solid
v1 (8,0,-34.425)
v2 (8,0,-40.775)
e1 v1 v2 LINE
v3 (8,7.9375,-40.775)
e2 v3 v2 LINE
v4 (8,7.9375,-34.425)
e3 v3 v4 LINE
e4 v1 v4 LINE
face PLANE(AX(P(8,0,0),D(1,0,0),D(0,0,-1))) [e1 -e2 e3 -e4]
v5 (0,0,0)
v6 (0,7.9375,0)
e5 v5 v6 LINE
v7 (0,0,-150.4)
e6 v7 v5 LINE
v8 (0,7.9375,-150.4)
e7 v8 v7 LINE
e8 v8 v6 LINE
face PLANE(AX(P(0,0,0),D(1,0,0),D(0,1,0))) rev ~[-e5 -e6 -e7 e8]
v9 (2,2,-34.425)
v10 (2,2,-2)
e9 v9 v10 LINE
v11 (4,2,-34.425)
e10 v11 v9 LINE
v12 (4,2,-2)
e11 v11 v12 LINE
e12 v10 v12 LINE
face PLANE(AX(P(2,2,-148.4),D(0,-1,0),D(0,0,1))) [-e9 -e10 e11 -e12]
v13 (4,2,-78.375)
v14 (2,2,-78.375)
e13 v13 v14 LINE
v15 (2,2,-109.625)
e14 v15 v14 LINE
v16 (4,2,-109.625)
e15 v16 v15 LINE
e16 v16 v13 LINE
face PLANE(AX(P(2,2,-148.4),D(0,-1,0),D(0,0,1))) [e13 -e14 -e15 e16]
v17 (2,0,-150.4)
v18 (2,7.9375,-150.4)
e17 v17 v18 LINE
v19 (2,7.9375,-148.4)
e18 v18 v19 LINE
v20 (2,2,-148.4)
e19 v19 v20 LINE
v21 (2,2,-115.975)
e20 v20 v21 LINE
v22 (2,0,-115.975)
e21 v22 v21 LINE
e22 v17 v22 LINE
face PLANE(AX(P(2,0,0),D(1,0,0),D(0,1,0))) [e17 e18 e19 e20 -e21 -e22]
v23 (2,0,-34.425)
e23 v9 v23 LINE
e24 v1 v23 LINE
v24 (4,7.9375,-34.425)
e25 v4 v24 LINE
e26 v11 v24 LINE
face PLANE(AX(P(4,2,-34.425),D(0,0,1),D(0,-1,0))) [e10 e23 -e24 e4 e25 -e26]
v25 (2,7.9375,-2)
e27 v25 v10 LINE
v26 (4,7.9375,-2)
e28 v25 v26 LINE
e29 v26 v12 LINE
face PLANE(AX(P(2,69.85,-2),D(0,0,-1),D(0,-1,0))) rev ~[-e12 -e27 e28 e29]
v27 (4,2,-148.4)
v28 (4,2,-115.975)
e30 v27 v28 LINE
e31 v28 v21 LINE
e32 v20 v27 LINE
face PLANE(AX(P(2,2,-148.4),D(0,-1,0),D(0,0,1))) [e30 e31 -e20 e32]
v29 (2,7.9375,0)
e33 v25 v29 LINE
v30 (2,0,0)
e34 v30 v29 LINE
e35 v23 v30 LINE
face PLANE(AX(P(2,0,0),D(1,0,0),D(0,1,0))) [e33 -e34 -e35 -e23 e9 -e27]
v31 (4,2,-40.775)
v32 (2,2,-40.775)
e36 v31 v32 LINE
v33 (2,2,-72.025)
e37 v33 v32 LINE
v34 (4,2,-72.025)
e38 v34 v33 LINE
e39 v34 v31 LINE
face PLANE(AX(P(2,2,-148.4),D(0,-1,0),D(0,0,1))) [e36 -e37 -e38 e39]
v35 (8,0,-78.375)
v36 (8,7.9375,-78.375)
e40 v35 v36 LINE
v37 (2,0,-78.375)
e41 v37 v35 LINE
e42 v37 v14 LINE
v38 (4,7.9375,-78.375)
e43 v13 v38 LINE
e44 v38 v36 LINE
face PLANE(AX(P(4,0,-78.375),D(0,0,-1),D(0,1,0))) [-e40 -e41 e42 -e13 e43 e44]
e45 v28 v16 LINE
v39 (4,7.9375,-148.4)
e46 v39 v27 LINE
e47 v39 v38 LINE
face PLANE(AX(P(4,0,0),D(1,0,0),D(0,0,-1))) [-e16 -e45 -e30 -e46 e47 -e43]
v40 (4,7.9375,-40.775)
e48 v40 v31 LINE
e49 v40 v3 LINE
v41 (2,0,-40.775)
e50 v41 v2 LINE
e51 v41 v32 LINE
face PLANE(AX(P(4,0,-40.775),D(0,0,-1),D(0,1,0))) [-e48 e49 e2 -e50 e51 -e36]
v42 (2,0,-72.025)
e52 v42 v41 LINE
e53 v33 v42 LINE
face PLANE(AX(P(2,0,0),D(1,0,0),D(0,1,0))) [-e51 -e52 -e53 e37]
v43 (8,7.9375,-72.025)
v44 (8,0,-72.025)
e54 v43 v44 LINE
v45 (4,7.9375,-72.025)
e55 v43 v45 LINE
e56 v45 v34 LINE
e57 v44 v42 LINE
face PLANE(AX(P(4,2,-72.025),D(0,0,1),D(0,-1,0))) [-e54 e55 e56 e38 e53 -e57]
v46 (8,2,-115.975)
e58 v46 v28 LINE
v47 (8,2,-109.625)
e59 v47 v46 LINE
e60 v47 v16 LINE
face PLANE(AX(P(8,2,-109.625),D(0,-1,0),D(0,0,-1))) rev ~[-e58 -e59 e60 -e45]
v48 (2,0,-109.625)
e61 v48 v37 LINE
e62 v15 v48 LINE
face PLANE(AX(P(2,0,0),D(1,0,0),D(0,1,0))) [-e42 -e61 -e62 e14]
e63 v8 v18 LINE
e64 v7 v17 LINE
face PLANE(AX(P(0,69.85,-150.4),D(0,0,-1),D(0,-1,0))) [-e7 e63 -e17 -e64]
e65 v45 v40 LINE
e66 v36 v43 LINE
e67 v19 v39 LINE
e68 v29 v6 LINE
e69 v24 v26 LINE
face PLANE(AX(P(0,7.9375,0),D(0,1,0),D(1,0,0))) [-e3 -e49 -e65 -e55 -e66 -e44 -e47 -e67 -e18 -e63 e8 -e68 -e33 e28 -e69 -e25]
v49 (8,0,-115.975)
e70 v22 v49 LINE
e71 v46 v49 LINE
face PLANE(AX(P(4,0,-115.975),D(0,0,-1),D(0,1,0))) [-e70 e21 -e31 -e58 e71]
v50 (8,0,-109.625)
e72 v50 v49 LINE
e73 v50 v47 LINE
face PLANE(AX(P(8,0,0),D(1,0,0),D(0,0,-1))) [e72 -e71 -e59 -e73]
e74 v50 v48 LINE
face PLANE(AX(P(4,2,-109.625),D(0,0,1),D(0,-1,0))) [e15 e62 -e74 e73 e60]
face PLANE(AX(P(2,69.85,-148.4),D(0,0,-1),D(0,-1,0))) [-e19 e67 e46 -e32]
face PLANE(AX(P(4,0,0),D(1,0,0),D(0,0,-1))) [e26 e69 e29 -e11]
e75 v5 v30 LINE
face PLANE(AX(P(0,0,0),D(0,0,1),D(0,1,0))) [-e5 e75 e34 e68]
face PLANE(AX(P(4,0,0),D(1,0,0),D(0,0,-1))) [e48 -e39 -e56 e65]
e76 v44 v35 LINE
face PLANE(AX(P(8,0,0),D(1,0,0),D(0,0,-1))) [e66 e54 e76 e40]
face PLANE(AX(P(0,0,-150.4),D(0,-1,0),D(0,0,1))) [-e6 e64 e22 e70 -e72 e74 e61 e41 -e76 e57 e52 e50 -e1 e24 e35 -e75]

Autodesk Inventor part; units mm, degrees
ref_plane "YZ Plane" through (0, 0, 0) normal (1, 0, 0) x (0, 1, 0)
ref_plane "XZ Plane" through (0, 0, 0) normal (0, 1, 0) x (-1, 0, 0)
ref_plane "XY Plane" through (0, 0, 0) normal (0, 0, 1) x (1, 0, 0)
sketch "Sketch1" plane through (0, 0, 0) normal (1, 0, 0) x (0, 1, 0)
  line L0 (0, 0) -> (69.85, 0)
  line L1 (69.85, 0) -> (69.85, -150.4)
  line L2 (69.85, -150.4) -> (0, -150.4)
  line L3 (0, -150.4) -> (0, 0)
  dimension "d0" = 69.85
  dimension "d1" = 150.4
extrude "Extrusion1" add sketch "Sketch1" along normal blind 2
sketch "Sketch2" plane through (2, 0, 0) normal (1, 0, 0) x (0, 0, -1)
  line L0 (150.4, 0) -> (150.4, 69.85) projected
  line L1 (150.4, 69.85) -> (0, 69.85) projected
  line L2 (0, 69.85) -> (0, 0) projected
  line L3 (0, 0) -> (150.4, 0) projected
  line L4 (150.4, 69.85) -> (148.4, 69.85)
  line L5 (148.4, 69.85) -> (148.4, 0)
  line L6 (148.4, 0) -> (150.4, 0)
  line L7 (150.4, 0) -> (150.4, 69.85)
  line L8 (0, 69.85) -> (2, 69.85)
  line L9 (2, 69.85) -> (2, 0)
  line L10 (2, 0) -> (0, 0)
  line L11 (0, 0) -> (0, 69.85)
  line L12 (0, 0) -> (150.4, 0)
  line L13 (150.4, 0) -> (150.4, 2)
  line L14 (150.4, 2) -> (0, 2)
  line L15 (0, 2) -> (0, 0)
  point P0 (2, 2)
  point P1 (148.4, 2)
  dimension "d4" = 2
  dimension "d5" = 2
  dimension "d6" = 2
extrude "Extrusion2" add sketch "Sketch2" along normal blind 2 contours L14 L9 L1 L5
sketch "Sketch3" plane through (4, 0, 0) normal (1, 0, 0) x (0, 0, -1)
  line L0 (150.4, 0) -> (150.4, 69.85) projected
  line L1 (0, 0) -> (150.4, 0) projected
  line L2 (0, 69.85) -> (0, 0) projected
  line L3 (150.4, 69.85) -> (0, 69.85) projected
  line L4 (0, 69.85) -> (75.2, 69.85) construction
  line L5 (75.2, 69.85) -> (75.2, 0) construction
  line L6 (75.2, 0) -> (0, 0) construction
  line L7 (0, 0) -> (0, 69.85) construction
  line L8 (0, 0) -> (150.4, 0) construction
  line L9 (0, 0) -> (37.6, 0) construction
  line L10 (37.6, 0) -> (37.6, 69.85) construction
  line L11 (37.6, 69.85) -> (0, 69.85) construction
  line L12 (0, 69.85) -> (0, 0) construction
  line L13 (150.4, 0) -> (150.4, 69.85) construction
  line L14 (75.2, 69.85) -> (150.4, 69.85) construction
  line L15 (150.4, 69.85) -> (150.4, 0) construction
  line L16 (150.4, 0) -> (75.2, 0) construction
  line L17 (75.2, 0) -> (75.2, 69.85) construction
  line L18 (75.2, 0) -> (112.8, 0) construction
  line L19 (112.8, 0) -> (112.8, 69.85) construction
  line L20 (112.8, 69.85) -> (75.2, 69.85) construction
  line L21 (75.2, 69.85) -> (75.2, 0) construction
  line L22 (34.425, 0) -> (34.425, 69.85) construction
  line L23 (34.425, 69.85) -> (40.775, 69.85) construction
  line L24 (40.775, 69.85) -> (40.775, 0) construction
  line L25 (40.775, 0) -> (34.425, 0) construction
  line L26 (34.425, 0) -> (40.775, 69.85) construction
  line L27 (34.425, 69.85) -> (40.775, 0) construction
  line L28 (72.025, 0) -> (72.025, 69.85) construction
  line L29 (72.025, 69.85) -> (78.375, 69.85) construction
  line L30 (78.375, 69.85) -> (78.375, 0) construction
  line L31 (78.375, 0) -> (72.025, 0) construction
  line L32 (72.025, 0) -> (78.375, 69.85) construction
  line L33 (72.025, 69.85) -> (78.375, 0) construction
  line L34 (109.625, 0) -> (109.625, 69.85) construction
  line L35 (109.625, 69.85) -> (115.975, 69.85) construction
  line L36 (115.975, 69.85) -> (115.975, 0) construction
  line L37 (115.975, 0) -> (109.625, 0) construction
  line L38 (109.625, 0) -> (115.975, 69.85) construction
  line L39 (109.625, 69.85) -> (115.975, 0) construction
  line L40 (34.425, 69.85) -> (40.775, 69.85)
  line L41 (40.775, 69.85) -> (40.775, 0)
  line L42 (40.775, 0) -> (34.425, 0)
  line L43 (34.425, 0) -> (34.425, 69.85)
  line L44 (72.025, 0) -> (78.375, 0)
  line L45 (78.375, 0) -> (78.375, 69.85)
  line L46 (78.375, 69.85) -> (72.025, 69.85)
  line L47 (72.025, 69.85) -> (72.025, 0)
  line L48 (109.625, 69.85) -> (115.975, 69.85)
  line L49 (115.975, 69.85) -> (115.975, 0)
  line L50 (115.975, 0) -> (109.625, 0)
  line L51 (109.625, 0) -> (109.625, 69.85)
  point P0 (37.6, 34.925)
  point P1 (75.2, 34.925)
  point P2 (112.8, 34.925)
  dimension "d9" = 6.35
  dimension "d10" = 6.35
  dimension "d11" = 6.35
extrude "Extrusion3" add sketch "Sketch3" along normal blind 4 contours L1 L51 L3 L49 | L1 L47 L3 L45 | L1 L43 L3 L41
sketch "Sketch4" plane through (0, 69.85, 0) normal (0, 1, 0) x (1, 0, 0)
  line L0 (0, 150.4) -> (0, 0) projected
  line L1 (0, 150.4) -> (0, 0) construction
  line L2 (0, 0) -> (2, 0) construction
  line L3 (2, 2) -> (2, 0) construction
  line L4 (2, 2) -> (4, 2) construction
  line L5 (4, 34.425) -> (4, 2) construction
  line L6 (4, 34.425) -> (8, 34.425) construction
  line L7 (8, 40.775) -> (8, 34.425) construction
  line L8 (4, 40.775) -> (8, 40.775) construction
  line L9 (4, 72.025) -> (4, 40.775) construction
  line L10 (4, 72.025) -> (8, 72.025) construction
  line L11 (8, 78.375) -> (8, 72.025) construction
  line L12 (4, 78.375) -> (8, 78.375) construction
  line L13 (4, 109.625) -> (4, 78.375) construction
  line L14 (4, 109.625) -> (8, 109.625) construction
  line L15 (8, 115.975) -> (8, 109.625) construction
  line L16 (4, 115.975) -> (8, 115.975) construction
  line L17 (4, 148.4) -> (4, 115.975) construction
  line L18 (2, 148.4) -> (4, 148.4) construction
  line L19 (2, 150.4) -> (2, 148.4) construction
  line L20 (0, 150.4) -> (2, 150.4) construction
  line L21 (2, 0) -> (0, 0)
  line L22 (0, 0) -> (0, 150.4)
  line L23 (0, 150.4) -> (2, 150.4)
  line L24 (2, 150.4) -> (2, 0)
  line L25 (2, 0) -> (8, 0)
  line L26 (8, 0) -> (8, 150.4)
  line L27 (8, 150.4) -> (2, 150.4)
  line L28 (2, 150.4) -> (2, 0)
extrude "Extrusion4" cut sketch "Sketch4" against normal blind 2 contours L27 L26 L25 L24
sketch "Sketch5" plane through (0, 67.85, 0) normal (0, 1, 0) x (1, 0, 0)
  line L0 (4, 115.975) -> (8, 115.975) projected
  line L1 (4, 148.4) -> (4, 115.975) projected
  line L2 (2, 148.4) -> (4, 148.4) projected
  line L3 (2, 2) -> (2, 148.4) projected
  line L4 (4, 2) -> (2, 2) projected
  line L5 (4, 34.425) -> (4, 2) projected
  line L6 (8, 34.425) -> (4, 34.425) projected
  line L7 (8, 40.775) -> (8, 34.425) projected
  line L8 (4, 40.775) -> (8, 40.775) projected
  line L9 (4, 72.025) -> (4, 40.775) projected
  line L10 (8, 72.025) -> (4, 72.025) projected
  line L11 (8, 78.375) -> (8, 72.025) projected
  line L12 (4, 78.375) -> (8, 78.375) projected
  line L13 (4, 109.625) -> (4, 78.375) projected
  line L14 (8, 109.625) -> (4, 109.625) projected
  line L15 (8, 115.975) -> (8, 109.625) projected
  line L16 (2, 2) -> (4, 2) projected
  line L17 (2, 2) -> (8, 2)
  line L18 (8, 2) -> (8, 148.4)
  line L19 (8, 148.4) -> (2, 148.4)
  line L20 (2, 148.4) -> (2, 2)
  point P0 (0, 0)
  point P1 (4, 2)
extrude "Extrusion5" add sketch "Sketch5" against normal blind 2 contours L1 L19 L18 L0 | L18 L12 L13 L14 | L18 L8 L9 L10 | L5 L6 L18 L17
sketch "Sketch6" plane through (4, 0, 0) normal (1, 0, 0) x (0, 0, -1)
  line L0 (2, 67.85) -> (148.4, 67.85) construction
  line L1 (2, 67.85) -> (2, 65.85) construction
  line L2 (34.425, 65.85) -> (2, 65.85) construction
  line L3 (34.425, 65.85) -> (34.425, 0) construction
  line L4 (34.425, 0) -> (40.775, 0) construction
  line L5 (40.775, 0) -> (40.775, 65.85) construction
  line L6 (72.025, 65.85) -> (40.775, 65.85) construction
  line L7 (72.025, 65.85) -> (72.025, 0) construction
  line L8 (72.025, 0) -> (78.375, 0) construction
  line L9 (78.375, 0) -> (78.375, 65.85) construction
  line L10 (109.625, 65.85) -> (78.375, 65.85) construction
  line L11 (109.625, 65.85) -> (109.625, 0) construction
  line L12 (109.625, 0) -> (115.975, 0) construction
  line L13 (115.975, 0) -> (115.975, 65.85) construction
  line L14 (148.4, 65.85) -> (115.975, 65.85) construction
  line L15 (148.4, 67.85) -> (148.4, 65.85) construction
  line L16 (109.625, 65.85) -> (78.375, 65.85) construction
  line L17 (78.375, 65.85) -> (78.375, 2) construction
  line L18 (78.375, 2) -> (109.625, 2) construction
  line L19 (109.625, 2) -> (109.625, 65.85) construction
  line L20 (148.4, 65.85) -> (115.975, 65.85) construction
  line L21 (115.975, 65.85) -> (115.975, 2) construction
  line L22 (115.975, 2) -> (148.4, 2) construction
  line L23 (148.4, 2) -> (148.4, 65.85) construction
  line L24 (72.025, 65.85) -> (40.775, 65.85) construction
  line L25 (40.775, 65.85) -> (40.775, 2) construction
  line L26 (40.775, 2) -> (72.025, 2) construction
  line L27 (72.025, 2) -> (72.025, 65.85) construction
  line L28 (78.375, 2) -> (78.375, 28.67) construction
  line L29 (94, 28.67) -> (114.32, 28.67)
  line L30 (114.32, 28.67) -> (73.68, 28.67)
  line L31 (73.68, 28.67) -> (67.33, 28.67)
  line L32 (67.33, 28.67) -> (80.03, 28.67)
  line L33 (80.03, 28.67) -> (80.03, 34.67)
  line L34 (80.03, 34.67) -> (67.33, 34.67)
  line L35 (67.33, 34.67) -> (67.33, 28.67)
  line L36 (114.32, 28.67) -> (120.67, 28.67)
  line L37 (120.67, 28.67) -> (107.97, 28.67)
  line L38 (107.97, 28.67) -> (107.97, 34.67)
  line L39 (107.97, 34.67) -> (120.67, 34.67)
  line L40 (120.67, 34.67) -> (120.67, 28.67)
  point P0 (0, 0)
  dimension "d18" = 26.67
  dimension "d31" = 20.32
  dimension "d32" = 40.64
  dimension "d33" = 6.35
  dimension "d34" = 12.7
  dimension "d35" = 6
  dimension "d36" = 6.35
  dimension "d37" = 12.7
  dimension "d38" = 6
extrude "Extrusion6" add sketch "Sketch6" along normal blind 33.02
sketch "Sketch12" plane through (4, 34.67, -67.33) normal (0, 1, 0) x (1, 0, 0)
  line L0 (4, 11.045) -> (0, 11.045) construction
  line L1 (4, 4.695) -> (4, 11.045) construction
  line L2 (0, 4.695) -> (4, 4.695) construction
  line L3 (0, 0) -> (0, 4.695) construction
  line L4 (0, 0) -> (33.02, 0) construction
  line L5 (33.02, 12.7) -> (33.02, 0) construction
  line L6 (0, 12.7) -> (33.02, 12.7) construction
  line L7 (0, 11.045) -> (0, 12.7) construction
  line L8 (4, 48.645) -> (0, 48.645) construction
  line L9 (4, 42.295) -> (4, 48.645) construction
  line L10 (0, 42.295) -> (4, 42.295) construction
  line L11 (0, 40.64) -> (0, 42.295) construction
  line L12 (0, 40.64) -> (33.02, 40.64) construction
  line L13 (33.02, 53.34) -> (33.02, 40.64) construction
  line L14 (0, 53.34) -> (33.02, 53.34) construction
  line L15 (0, 48.645) -> (0, 53.34) construction
  line L16 (4, 4.695) -> (4, -26.555) construction
  line L17 (4, 4.695) -> (33.02, 4.695) construction
  line L18 (33.02, 4.695) -> (33.02, 0) construction
  line L19 (33.02, 0) -> (4, 0) construction
  line L20 (4, 0) -> (4, 4.695) construction
  circle A0 centre (18.51, 6.35) radius 2.25 construction
  line L21 (4, 48.645) -> (33.02, 48.645) construction
  circle A1 centre (18.51, 46.99) radius 2.25 construction
  circle A2 centre (18.51, 6.35) radius 2.25
  circle A3 centre (18.51, 46.99) radius 2.25
  point P0 (-4, -67.33)
  dimension "d39" = 4.5
  dimension "d40" = 4.5
extrude "Extrusion10" cut sketch "Sketch12" against normal blind 5
sketch "Sketch13" plane through (8, 0, 0) normal (1, 0, 0) x (0, 0, -1)
  line L0 (120.67, 28.67) -> (115.975, 28.67) construction
  line L1 (115.975, 28.67) -> (115.975, 2) construction
  line L2 (115.975, 2) -> (148.4, 2) construction
  line L3 (148.4, 2) -> (148.4, 65.85) construction
  line L4 (148.4, 65.85) -> (115.975, 65.85) construction
  line L5 (115.975, 65.85) -> (115.975, 34.67) construction
  line L6 (115.975, 34.67) -> (120.67, 34.67) construction
  line L7 (120.67, 34.67) -> (120.67, 28.67) construction
  line L8 (115.975, 28.67) -> (109.625, 28.67) construction
  line L9 (109.625, 28.67) -> (109.625, 0) construction
  line L10 (109.625, 0) -> (115.975, 0) construction
  line L11 (115.975, 0) -> (115.975, 28.67) construction
  line L12 (78.375, 2) -> (109.625, 2) projected
  line L13 (115.975, 28.67) -> (109.625, 28.67)
  line L14 (109.625, 28.67) -> (109.625, 2)
  line L15 (109.625, 2) -> (115.975, 2)
  line L16 (115.975, 2) -> (115.975, 28.67)
  point P0 (0, 0)
extrude "Extrusion11" cut sketch "Sketch13" against normal up to surface (4 mm away)
sketch "Sketch14" plane through (4, 0, 0) normal (-1, 0, 0) x (0, 0, 1)
  line L0 (-109.625, 2) -> (-115.975, 2) projected
  line L1 (-115.975, 0) -> (-115.975, 2) projected
  line L2 (-109.625, 0) -> (-115.975, 0) projected
  line L3 (-109.625, 2) -> (-109.625, 0) projected
  line L4 (-72.025, 2) -> (-78.375, 2) projected
  line L5 (-78.375, 0) -> (-78.375, 2) projected
  line L6 (-72.025, 0) -> (-78.375, 0) projected
  line L7 (-72.025, 2) -> (-72.025, 0) projected
  line L8 (-34.425, 2) -> (-40.775, 2) projected
  line L9 (-40.775, 0) -> (-40.775, 2) projected
  line L10 (-34.425, 0) -> (-40.775, 0) projected
  line L11 (-34.425, 2) -> (-34.425, 0) projected
  point P0 (0, 0)
extrude "Extrusion12" add sketch "Sketch14" along normal blind 2
sketch "Sketch15" plane through (0, 67.85, 0) normal (0, 1, 0) x (1, 0, 0)
  line L0 (8, 2) -> (8, 148.4) construction
  line L1 (2, 148.4) -> (8, 148.4) construction
  line L2 (2, 2) -> (2, 148.4) construction
  line L3 (8, 2) -> (2, 2) construction
  line L4 (8, 109.625) -> (8, 115.975) construction
  line L5 (8, 148.4) -> (8, 115.975) construction
  line L6 (8, 2) -> (8, 148.4) construction
  line L7 (8, 34.425) -> (8, 2) construction
  line L8 (8, 34.425) -> (8, 40.775) construction
  line L9 (8, 72.025) -> (8, 40.775) construction
  line L10 (8, 72.025) -> (8, 78.375) construction
  line L11 (8, 109.625) -> (8, 78.375) construction
  line L12 (8, 34.425) -> (4, 34.425) construction
  line L13 (8, 34.425) -> (2, 34.425) construction
  line L14 (2, 34.425) -> (2, 40.775) construction
  line L15 (2, 40.775) -> (8, 40.775) construction
  line L16 (8, 40.775) -> (8, 34.425) construction
  line L17 (8, 109.625) -> (2, 109.625) construction
  line L18 (2, 109.625) -> (2, 115.975) construction
  line L19 (2, 115.975) -> (8, 115.975) construction
  line L20 (8, 115.975) -> (8, 109.625) construction
  circle A0 centre (5, 37.6) radius 2.25 construction
  circle A1 centre (5, 37.6) radius 2.25
  circle A2 centre (5, 112.8) radius 2.25
  point P0 (0, 0)
  dimension "d47" = 4.5
  dimension "d48" = 4.5
extrude "Extrusion13" cut sketch "Sketch15" against normal blind 5
sketch "Sketch16" plane through (0, 69.85, 0) normal (0, 1, 0) x (1, 0, 0)
  line L0 (-4.169, 153.0551) -> (39.8929, 153.0551)
  line L1 (39.8929, 153.0551) -> (39.8929, -2.3991)
  line L2 (39.8929, -2.3991) -> (-4.169, -2.3991)
  line L3 (-4.169, -2.3991) -> (-4.169, 153.0551)
  point P0 (0, 0)
extrude "Extrusion14" cut sketch "Sketch16" against normal blind 61.9125
properties part number "leftwall"
